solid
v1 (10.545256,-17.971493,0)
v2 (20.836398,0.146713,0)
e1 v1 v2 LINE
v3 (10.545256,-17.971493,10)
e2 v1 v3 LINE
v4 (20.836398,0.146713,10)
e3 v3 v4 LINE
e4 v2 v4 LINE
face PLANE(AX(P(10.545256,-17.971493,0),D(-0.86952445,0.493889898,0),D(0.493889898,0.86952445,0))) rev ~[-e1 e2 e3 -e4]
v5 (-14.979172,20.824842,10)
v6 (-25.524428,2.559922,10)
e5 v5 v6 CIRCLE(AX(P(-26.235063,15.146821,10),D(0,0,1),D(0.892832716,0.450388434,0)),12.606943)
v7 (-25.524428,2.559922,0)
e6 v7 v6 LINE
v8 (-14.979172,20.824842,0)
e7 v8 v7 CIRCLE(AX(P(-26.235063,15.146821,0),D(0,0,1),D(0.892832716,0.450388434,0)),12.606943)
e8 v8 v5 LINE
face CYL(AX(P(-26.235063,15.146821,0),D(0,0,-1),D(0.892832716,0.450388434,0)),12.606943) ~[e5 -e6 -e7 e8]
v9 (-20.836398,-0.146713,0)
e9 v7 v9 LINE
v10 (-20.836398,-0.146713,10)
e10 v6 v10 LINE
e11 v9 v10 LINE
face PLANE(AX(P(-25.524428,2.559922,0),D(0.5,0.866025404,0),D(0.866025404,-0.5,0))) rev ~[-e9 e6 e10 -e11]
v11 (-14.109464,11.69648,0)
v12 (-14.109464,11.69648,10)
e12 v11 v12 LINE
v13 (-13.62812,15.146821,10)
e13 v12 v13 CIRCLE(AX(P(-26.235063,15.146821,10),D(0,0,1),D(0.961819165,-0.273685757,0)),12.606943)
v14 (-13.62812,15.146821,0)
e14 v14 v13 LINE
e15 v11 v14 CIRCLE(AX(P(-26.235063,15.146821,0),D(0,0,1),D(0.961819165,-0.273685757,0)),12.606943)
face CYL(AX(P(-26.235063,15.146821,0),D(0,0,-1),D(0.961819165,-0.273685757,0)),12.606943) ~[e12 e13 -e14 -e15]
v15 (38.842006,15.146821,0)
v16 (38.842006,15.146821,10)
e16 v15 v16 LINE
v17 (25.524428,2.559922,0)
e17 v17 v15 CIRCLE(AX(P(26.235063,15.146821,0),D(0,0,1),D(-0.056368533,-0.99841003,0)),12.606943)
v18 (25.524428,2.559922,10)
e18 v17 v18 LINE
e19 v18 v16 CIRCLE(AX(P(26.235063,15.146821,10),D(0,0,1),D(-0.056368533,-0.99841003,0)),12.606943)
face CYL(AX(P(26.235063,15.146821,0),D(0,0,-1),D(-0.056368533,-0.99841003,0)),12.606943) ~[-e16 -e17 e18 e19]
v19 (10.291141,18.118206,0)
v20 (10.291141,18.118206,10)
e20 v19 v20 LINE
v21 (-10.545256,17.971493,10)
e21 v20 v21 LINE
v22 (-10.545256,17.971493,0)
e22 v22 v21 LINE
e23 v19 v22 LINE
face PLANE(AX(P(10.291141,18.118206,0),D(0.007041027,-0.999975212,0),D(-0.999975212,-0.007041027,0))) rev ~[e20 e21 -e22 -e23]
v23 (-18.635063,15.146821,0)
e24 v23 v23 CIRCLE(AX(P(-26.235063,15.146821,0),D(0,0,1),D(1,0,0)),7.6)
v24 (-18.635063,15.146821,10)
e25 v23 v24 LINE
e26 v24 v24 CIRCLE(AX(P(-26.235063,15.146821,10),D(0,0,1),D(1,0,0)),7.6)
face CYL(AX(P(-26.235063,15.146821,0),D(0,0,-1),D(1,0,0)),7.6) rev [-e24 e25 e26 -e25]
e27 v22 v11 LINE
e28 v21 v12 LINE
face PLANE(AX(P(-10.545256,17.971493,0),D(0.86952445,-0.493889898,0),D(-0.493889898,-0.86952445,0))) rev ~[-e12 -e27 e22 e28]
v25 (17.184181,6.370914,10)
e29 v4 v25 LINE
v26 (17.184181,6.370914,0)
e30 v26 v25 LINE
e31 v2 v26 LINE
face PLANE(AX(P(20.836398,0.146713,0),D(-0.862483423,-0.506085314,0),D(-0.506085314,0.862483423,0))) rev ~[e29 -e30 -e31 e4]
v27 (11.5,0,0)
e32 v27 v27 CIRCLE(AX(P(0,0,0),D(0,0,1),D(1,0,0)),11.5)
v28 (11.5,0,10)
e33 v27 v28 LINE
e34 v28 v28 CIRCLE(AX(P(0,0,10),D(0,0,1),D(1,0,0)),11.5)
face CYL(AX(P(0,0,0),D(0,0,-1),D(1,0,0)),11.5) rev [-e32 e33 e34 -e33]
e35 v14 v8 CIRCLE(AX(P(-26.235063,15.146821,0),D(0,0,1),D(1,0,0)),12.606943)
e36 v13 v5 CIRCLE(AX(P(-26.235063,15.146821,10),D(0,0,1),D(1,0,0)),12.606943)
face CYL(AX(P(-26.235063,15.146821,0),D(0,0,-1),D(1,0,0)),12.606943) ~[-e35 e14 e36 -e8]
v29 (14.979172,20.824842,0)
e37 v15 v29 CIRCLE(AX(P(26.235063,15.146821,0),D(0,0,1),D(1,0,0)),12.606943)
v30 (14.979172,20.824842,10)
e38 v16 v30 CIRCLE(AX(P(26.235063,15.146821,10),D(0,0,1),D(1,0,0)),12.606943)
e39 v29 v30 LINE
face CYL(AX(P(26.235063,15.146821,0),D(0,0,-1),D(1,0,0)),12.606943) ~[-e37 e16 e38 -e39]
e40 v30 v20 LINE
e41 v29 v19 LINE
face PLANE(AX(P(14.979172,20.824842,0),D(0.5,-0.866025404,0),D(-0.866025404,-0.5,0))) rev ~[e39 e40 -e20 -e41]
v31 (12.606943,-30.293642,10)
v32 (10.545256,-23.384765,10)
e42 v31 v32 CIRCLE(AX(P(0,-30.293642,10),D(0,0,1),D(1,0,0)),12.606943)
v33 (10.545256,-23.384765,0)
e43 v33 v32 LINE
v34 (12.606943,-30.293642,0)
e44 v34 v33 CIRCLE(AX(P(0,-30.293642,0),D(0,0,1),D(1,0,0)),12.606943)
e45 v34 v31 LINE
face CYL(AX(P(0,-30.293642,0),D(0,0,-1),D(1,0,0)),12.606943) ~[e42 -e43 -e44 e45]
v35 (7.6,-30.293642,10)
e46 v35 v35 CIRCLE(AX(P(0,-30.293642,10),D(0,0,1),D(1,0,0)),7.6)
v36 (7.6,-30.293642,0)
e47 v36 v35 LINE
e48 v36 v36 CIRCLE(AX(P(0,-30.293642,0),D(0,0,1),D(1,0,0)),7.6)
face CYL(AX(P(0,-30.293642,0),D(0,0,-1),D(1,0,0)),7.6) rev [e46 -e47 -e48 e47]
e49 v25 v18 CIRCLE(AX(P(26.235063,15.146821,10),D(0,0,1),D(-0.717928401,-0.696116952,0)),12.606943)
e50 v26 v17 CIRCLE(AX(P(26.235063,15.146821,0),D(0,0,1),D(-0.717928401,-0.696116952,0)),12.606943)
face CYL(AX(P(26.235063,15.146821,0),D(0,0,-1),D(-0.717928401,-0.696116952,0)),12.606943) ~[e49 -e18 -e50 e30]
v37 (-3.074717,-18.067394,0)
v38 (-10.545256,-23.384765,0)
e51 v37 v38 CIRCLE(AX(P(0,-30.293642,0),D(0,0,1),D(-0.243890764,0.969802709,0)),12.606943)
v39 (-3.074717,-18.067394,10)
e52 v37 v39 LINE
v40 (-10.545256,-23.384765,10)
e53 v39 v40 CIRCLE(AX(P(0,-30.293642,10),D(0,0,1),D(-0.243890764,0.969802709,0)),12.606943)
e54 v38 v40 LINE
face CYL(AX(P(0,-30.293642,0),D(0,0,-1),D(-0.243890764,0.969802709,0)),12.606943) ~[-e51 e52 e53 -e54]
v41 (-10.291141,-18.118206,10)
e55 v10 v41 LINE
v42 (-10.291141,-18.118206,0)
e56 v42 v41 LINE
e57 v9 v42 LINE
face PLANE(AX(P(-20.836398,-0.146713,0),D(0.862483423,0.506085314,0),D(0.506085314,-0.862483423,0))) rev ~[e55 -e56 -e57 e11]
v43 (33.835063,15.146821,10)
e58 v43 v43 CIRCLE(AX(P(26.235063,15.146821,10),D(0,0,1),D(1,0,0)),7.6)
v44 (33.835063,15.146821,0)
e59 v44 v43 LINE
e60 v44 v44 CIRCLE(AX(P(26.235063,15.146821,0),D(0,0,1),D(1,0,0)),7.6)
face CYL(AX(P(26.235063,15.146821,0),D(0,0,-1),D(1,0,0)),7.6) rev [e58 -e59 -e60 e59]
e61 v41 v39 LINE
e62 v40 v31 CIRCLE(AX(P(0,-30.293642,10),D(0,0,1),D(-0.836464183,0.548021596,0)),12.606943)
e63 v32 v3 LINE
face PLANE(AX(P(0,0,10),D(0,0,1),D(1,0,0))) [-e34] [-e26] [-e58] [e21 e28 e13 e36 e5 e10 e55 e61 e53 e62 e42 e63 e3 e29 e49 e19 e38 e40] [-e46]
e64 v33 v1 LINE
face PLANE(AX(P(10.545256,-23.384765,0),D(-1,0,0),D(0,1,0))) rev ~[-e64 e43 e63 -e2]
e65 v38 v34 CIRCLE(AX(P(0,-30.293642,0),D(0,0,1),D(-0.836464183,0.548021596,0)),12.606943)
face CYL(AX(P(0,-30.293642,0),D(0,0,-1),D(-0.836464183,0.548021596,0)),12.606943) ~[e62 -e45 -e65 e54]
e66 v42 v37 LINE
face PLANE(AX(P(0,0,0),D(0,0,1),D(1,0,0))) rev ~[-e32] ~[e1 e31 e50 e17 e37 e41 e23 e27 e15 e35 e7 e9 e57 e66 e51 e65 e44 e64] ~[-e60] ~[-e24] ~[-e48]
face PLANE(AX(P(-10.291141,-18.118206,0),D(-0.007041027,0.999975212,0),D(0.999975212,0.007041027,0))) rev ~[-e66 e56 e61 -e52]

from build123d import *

# Parameters (mm, degrees)
F0_R     = 11.5
F0_R_2   = 7.6
F1_DEPTH = 10


with BuildPart() as f1:
    # F0 (on Top) → F1 (new body)
    with BuildSketch(Plane.XY):
        with BuildLine():
            Line((-20.8363977524, -0.1467132694), (-10.2911414579, -18.1182064116))
            Line((-10.2911414579, -18.1182064116), (-3.0747169622, -18.0673941146))
            ThreePointArc((-3.0747169622, -18.0673941146), (-0.0887658222, -17.6870110989), (2.9022456956, -18.0253091178))
            Line((2.9022456956, -18.0253091178), (10.5452562945, -17.9714931422))
            Line((10.5452562945, -17.9714931422), (20.8363977524, 0.1467132694))
            Line((20.8363977524, 0.1467132694), (17.1841807645, 6.3709140586))
            ThreePointArc((17.1841807645, 6.3709140586), (15.3617838398, 8.7666320924), (14.1592527593, 11.5260730593))
            Line((14.1592527593, 11.5260730593), (10.2911414579, 18.1182064116))
            Line((10.2911414579, 18.1182064116), (-10.5452562945, 17.9714931422))
            Line((-10.5452562945, 17.9714931422), (-14.1094638023, 11.696480056))
            ThreePointArc((-14.1094638023, 11.696480056), (-15.2730180176, 8.9203790065), (-17.0614984549, 6.4992360585))
            Line((-17.0614984549, 6.4992360585), (-20.8363977524, -0.1467132694))
        make_face()
        Circle(F0_R, mode=Mode.SUBTRACT)
        with BuildLine():
            Line((-25.5244283286, 2.5599224458), (-20.8363977524, -0.1467132694))
            Line((-20.8363977524, -0.1467132694), (-17.0614984549, 6.4992360585))
            ThreePointArc((-17.0614984549, 6.4992360585), (-20.9149223708, 3.7174238961), (-25.5244283286, 2.5599224458))
        make_face()
        with BuildLine():
            ThreePointArc((2.9022456956, -18.0253091178), (-0.0887658222, -17.6870110989), (-3.0747169622, -18.0673941146))
            Line((-3.0747169622, -18.0673941146), (2.9022456956, -18.0253091178))
        make_face()
        with BuildLine():
            Line((2.9022456956, -18.0253091178), (-3.0747169622, -18.0673941146))
            ThreePointArc((-3.0747169622, -18.0673941146), (-7.3105762444, -20.0227854043), (-10.5452562945, -23.3847645725))
            ThreePointArc((-10.5452562945, -23.3847645725), (-3.6049665079, -42.3741725912), (12.6069430182, -30.2936416119))
            ThreePointArc((12.6069430182, -30.2936416119), (12.0805309792, -26.688675104), (10.5452562945, -23.3847645725))
            ThreePointArc((10.5452562945, -23.3847645725), (7.2380776547, -19.9715660393), (2.9022456956, -18.0253091178))
        make_face()
        with Locations((0, -30.2936416119)):
            Circle(F0_R_2, mode=Mode.SUBTRACT)
        with BuildLine():
            ThreePointArc((-25.5244283286, 2.5599224458), (-20.9149223708, 3.7174238961), (-17.0614984549, 6.4992360585))
            Line((-17.0614984549, 6.4992360585), (-14.1094638023, 11.696480056))
            ThreePointArc((-14.1094638023, 11.696480056), (-13.7490359577, 13.404943732), (-13.6281201909, 15.146820806))
            ThreePointArc((-13.6281201909, 15.146820806), (-13.9705332359, 18.0650937199), (-14.979172034, 20.8248421267))
            ThreePointArc((-14.979172034, 20.8248421267), (-37.1529961269, 21.4502923151), (-25.5244283286, 2.5599224458))
        make_face()
        with Locations((-26.2350632091, 15.146820806)):
            Circle(F0_R_2, mode=Mode.SUBTRACT)
        with BuildLine():
            Line((-14.1094638023, 11.696480056), (-17.0614984549, 6.4992360585))
            ThreePointArc((-17.0614984549, 6.4992360585), (-15.2730180176, 8.9203790065), (-14.1094638023, 11.696480056))
        make_face()
        with BuildLine():
            Line((10.5452562945, -17.9714931422), (2.9022456956, -18.0253091178))
            ThreePointArc((2.9022456956, -18.0253091178), (7.2380776547, -19.9715660393), (10.5452562945, -23.3847645725))
            Line((10.5452562945, -23.3847645725), (10.5452562945, -17.9714931422))
        make_face()
        with BuildLine():
            Line((14.979172034, 20.8248421267), (10.2911414579, 18.1182064116))
            Line((10.2911414579, 18.1182064116), (14.1592527593, 11.5260730593))
            ThreePointArc((14.1592527593, 11.5260730593), (13.676844716, 16.2541421432), (14.979172034, 20.8248421267))
        make_face()
        with BuildLine():
            ThreePointArc((14.1592527593, 11.5260730593), (15.3617838398, 8.7666320924), (17.1841807645, 6.3709140586))
            Line((17.1841807645, 6.3709140586), (14.1592527593, 11.5260730593))
        make_face()
        with BuildLine():
            Line((14.1592527593, 11.5260730593), (17.1841807645, 6.3709140586))
            ThreePointArc((17.1841807645, 6.3709140586), (20.9955289368, 3.6802479582), (25.5244283286, 2.5599224458))
            ThreePointArc((25.5244283286, 2.5599224458), (34.8946266743, 5.9845627407), (38.8420062273, 15.146820806))
            ThreePointArc((38.8420062273, 15.146820806), (29.1533361231, 27.4113507791), (14.979172034, 20.8248421267))
            ThreePointArc((14.979172034, 20.8248421267), (13.676844716, 16.2541421432), (14.1592527593, 11.5260730593))
        make_face()
        with Locations((26.2350632091, 15.146820806)):
            Circle(F0_R_2, mode=Mode.SUBTRACT)
    extrude(amount=F1_DEPTH)


solid = f1.part
